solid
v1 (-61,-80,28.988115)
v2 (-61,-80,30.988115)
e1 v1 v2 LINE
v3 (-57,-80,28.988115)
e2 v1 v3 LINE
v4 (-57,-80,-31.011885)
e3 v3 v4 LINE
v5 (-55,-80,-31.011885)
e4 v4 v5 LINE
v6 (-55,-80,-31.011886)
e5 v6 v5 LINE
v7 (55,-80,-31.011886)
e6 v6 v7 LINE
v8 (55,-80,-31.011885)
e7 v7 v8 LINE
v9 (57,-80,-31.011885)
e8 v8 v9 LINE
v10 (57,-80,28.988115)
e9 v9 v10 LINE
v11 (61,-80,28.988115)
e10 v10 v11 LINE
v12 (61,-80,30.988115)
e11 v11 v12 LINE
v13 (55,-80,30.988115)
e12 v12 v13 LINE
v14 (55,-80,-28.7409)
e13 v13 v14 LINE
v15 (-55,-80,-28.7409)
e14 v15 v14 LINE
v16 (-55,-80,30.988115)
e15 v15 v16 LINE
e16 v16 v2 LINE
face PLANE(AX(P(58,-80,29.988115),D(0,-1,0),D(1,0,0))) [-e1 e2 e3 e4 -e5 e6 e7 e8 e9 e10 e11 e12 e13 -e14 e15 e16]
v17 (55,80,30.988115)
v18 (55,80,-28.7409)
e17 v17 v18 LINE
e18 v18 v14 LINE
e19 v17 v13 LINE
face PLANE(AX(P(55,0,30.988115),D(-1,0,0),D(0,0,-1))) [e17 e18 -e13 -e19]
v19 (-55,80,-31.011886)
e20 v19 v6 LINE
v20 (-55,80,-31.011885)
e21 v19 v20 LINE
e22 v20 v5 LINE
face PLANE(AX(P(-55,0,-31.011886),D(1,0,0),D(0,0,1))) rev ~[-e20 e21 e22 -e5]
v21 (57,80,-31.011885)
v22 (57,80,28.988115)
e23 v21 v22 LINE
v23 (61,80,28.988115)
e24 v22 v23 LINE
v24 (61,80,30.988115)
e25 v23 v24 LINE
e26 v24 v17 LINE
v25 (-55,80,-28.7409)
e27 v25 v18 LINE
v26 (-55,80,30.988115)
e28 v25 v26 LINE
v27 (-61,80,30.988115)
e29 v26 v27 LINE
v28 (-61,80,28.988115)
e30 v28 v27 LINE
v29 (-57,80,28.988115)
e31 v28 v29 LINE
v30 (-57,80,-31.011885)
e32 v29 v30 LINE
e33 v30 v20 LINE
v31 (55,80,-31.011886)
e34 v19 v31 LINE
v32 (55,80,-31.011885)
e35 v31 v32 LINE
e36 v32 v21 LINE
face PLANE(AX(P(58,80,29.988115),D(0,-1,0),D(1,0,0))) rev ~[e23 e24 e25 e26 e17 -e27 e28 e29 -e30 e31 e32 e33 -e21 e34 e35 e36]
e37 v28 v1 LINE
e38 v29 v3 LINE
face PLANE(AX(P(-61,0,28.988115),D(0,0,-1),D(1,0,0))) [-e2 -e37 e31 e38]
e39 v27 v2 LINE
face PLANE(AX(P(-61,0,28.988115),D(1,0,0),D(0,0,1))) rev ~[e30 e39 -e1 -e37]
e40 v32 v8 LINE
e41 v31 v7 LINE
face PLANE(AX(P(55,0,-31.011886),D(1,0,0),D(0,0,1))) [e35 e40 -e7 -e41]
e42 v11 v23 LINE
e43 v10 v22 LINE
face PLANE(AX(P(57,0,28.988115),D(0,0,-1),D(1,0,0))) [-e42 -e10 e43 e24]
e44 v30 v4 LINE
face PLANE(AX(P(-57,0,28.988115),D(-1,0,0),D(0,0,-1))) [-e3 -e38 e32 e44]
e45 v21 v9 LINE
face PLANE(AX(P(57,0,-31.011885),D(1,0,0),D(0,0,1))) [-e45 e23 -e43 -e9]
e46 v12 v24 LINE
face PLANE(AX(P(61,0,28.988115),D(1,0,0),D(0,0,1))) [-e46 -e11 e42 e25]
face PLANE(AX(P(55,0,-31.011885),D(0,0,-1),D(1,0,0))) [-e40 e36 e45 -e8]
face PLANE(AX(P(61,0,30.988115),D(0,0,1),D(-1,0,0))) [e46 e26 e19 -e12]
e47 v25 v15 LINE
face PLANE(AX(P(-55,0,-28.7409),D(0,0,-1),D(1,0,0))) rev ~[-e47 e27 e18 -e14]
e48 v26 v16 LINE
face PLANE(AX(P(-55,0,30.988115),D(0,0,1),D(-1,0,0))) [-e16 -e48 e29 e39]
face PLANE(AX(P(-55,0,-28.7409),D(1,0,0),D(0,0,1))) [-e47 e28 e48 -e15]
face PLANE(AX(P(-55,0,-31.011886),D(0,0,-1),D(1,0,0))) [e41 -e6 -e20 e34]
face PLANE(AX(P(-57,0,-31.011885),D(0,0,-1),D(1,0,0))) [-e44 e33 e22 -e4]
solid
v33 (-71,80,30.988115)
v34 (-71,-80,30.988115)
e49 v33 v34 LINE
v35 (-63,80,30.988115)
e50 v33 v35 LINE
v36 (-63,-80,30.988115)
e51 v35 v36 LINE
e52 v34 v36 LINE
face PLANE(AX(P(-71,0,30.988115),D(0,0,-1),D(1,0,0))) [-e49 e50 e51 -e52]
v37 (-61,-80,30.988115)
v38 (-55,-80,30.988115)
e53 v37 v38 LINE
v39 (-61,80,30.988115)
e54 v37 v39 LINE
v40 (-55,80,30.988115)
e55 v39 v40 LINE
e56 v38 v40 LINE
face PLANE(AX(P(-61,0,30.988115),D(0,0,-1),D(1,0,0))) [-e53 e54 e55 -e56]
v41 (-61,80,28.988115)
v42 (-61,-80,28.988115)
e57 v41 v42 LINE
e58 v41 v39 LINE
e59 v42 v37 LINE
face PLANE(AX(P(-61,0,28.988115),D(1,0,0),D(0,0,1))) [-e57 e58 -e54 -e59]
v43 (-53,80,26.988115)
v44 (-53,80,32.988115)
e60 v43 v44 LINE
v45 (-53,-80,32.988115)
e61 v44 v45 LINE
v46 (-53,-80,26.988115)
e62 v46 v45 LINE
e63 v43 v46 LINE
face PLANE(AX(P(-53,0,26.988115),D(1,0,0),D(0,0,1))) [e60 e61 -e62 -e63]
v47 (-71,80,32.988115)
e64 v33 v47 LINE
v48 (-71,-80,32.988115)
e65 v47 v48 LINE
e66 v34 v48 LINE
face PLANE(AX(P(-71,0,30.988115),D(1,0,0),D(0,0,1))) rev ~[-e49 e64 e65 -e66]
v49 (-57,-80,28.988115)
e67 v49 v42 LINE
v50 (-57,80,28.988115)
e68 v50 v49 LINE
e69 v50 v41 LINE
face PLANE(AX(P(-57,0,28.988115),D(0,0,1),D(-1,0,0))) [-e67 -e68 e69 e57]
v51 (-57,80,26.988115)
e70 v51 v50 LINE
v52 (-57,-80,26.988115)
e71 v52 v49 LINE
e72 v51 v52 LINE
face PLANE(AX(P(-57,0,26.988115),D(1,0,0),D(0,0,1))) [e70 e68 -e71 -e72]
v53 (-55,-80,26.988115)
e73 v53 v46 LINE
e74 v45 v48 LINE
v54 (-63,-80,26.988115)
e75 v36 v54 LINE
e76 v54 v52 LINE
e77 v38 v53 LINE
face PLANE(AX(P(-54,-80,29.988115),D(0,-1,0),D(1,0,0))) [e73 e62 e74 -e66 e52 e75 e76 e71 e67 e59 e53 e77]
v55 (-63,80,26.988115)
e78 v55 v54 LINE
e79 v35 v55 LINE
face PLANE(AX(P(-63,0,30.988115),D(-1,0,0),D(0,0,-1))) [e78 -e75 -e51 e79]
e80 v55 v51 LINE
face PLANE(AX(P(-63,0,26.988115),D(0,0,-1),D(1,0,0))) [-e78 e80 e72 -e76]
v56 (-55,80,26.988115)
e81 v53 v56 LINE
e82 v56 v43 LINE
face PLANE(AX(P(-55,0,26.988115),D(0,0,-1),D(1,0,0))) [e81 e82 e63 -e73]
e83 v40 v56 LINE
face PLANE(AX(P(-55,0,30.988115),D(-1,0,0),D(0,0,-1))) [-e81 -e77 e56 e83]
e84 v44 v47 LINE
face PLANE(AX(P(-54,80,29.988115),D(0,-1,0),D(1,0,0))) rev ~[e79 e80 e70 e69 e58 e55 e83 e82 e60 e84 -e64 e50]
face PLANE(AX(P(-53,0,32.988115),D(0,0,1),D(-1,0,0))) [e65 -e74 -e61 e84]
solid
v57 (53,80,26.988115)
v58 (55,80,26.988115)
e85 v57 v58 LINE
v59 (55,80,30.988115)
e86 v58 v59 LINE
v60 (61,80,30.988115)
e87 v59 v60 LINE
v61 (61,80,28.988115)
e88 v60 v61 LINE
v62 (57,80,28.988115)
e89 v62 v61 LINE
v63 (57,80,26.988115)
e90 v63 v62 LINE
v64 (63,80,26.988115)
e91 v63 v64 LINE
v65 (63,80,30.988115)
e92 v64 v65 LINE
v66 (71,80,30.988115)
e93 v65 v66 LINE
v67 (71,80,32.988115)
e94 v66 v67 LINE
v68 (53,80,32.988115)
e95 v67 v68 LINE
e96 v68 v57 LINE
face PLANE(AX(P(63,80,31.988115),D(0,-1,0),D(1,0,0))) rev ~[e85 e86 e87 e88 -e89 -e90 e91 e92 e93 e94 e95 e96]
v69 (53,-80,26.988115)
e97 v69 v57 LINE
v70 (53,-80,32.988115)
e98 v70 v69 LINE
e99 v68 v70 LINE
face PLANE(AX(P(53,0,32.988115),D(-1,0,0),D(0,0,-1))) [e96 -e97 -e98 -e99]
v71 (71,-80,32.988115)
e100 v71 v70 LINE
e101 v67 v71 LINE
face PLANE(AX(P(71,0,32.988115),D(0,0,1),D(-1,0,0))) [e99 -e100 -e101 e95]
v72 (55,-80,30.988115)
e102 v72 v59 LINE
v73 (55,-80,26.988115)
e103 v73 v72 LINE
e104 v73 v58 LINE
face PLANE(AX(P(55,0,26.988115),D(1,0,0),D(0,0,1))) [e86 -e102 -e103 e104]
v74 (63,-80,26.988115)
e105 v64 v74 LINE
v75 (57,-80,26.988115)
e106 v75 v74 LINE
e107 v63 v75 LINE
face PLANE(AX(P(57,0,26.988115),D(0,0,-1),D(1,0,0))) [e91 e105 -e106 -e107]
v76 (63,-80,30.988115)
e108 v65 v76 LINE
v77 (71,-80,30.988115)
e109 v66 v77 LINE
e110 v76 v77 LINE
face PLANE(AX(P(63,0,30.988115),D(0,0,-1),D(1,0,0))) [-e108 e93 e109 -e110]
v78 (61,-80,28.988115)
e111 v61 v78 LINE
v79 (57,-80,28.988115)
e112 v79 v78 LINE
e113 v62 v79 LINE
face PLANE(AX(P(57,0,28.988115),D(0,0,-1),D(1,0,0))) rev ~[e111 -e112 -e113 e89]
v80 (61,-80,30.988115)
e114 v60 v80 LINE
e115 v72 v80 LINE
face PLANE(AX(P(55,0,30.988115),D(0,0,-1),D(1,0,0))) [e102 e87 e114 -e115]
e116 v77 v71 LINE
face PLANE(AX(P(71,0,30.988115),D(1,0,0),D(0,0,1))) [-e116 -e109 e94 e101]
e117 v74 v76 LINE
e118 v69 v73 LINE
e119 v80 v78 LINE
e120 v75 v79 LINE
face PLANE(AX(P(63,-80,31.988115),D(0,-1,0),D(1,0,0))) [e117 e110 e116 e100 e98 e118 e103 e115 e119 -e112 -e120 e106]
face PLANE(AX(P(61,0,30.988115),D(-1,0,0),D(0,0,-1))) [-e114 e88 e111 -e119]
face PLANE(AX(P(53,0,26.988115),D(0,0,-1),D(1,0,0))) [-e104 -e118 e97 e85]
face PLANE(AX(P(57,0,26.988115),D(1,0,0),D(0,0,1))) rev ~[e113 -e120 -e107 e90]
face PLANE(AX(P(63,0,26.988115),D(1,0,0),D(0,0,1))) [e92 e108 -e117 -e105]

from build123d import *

# Parameters (mm, degrees)
F0_W          = 4
F0_H          = 2
F0_W_2        = 2
F0_W_3        = 8
F1_DEPTH      = 80
F1_DEPTH_BACK = 80
F0_W_4        = 110
F0_H_2        = 2.270985
F2_DEPTH      = 80
F2_DEPTH_BACK = 80


with BuildPart() as f1:
    # F0 (on Front) → F1 (new body, two sides)
    with BuildSketch(Plane.XZ) as f1_sk:
        Polygon((55, 32.988115), (55, 30.988115), (61, 30.988115), (63, 30.988115), (71, 30.988115), (71, 32.988115), align=None)
        Polygon((63, 30.988115), (61, 30.988115), (61, 28.988115), (61, 26.988115), (63, 26.988115), align=None)
        with Locations((59, 27.988115)):
            Rectangle(F0_W, F0_H)
        Polygon((55, 28.988115), (55, 30.988115), (55, 32.988115), (53, 32.988115), (53, 26.988115), (55, 26.988115), align=None)
        Polygon((-55, 28.988115), (-55, 26.988115), (-53, 26.988115), (-53, 32.988115), (-55, 32.988115), (-55, 30.988115), align=None)
        Polygon((-57, 30.988115), (-55, 30.988115), (-55, 32.988115), (-61, 32.988115), (-61, 30.988115), align=None)
        with Locations((-62, 31.988115)):
            Rectangle(F0_W_2, F0_H)
        with Locations((-62, 29.988115)):
            Rectangle(F0_W_2, F0_H)
        Polygon((-63, 26.988115), (-57, 26.988115), (-57, 28.988115), (-61, 28.988115), (-63, 28.988115), align=None)
        with Locations((-67, 31.988115)):
            Rectangle(F0_W_3, F0_H)
    extrude(amount=F1_DEPTH)
    extrude(f1_sk.sketch, amount=-F1_DEPTH_BACK)


with BuildPart() as f2:
    # F0 (on Front) → F2 (new body, two sides)
    with BuildSketch(Plane.XZ) as f2_sk:
        Polygon((61, 30.988115), (55, 30.988115), (55, 28.988115), (57, 28.988115), (61, 28.988115), align=None)
        Polygon((57, 28.988115), (55, 28.988115), (55, 26.988115), (55, -28.7409), (55, -31.011885), (57, -31.011885), (57, 26.988115), align=None)
        with Locations((0, -29.876393)):
            Rectangle(F0_W_4, F0_H_2)
        Polygon((-55, -31.011885), (-55, -28.7409), (-55, 26.988115), (-55, 28.988115), (-57, 28.988115), (-57, 26.988115), (-57, -31.011885), align=None)
        with Locations((-59, 29.988115)):
            Rectangle(F0_W, F0_H)
        with Locations((-56, 29.988115)):
            Rectangle(F0_W_2, F0_H)
    extrude(amount=F2_DEPTH)
    extrude(f2_sk.sketch, amount=-F2_DEPTH_BACK)


solid = Compound([f1.part, f2.part])
